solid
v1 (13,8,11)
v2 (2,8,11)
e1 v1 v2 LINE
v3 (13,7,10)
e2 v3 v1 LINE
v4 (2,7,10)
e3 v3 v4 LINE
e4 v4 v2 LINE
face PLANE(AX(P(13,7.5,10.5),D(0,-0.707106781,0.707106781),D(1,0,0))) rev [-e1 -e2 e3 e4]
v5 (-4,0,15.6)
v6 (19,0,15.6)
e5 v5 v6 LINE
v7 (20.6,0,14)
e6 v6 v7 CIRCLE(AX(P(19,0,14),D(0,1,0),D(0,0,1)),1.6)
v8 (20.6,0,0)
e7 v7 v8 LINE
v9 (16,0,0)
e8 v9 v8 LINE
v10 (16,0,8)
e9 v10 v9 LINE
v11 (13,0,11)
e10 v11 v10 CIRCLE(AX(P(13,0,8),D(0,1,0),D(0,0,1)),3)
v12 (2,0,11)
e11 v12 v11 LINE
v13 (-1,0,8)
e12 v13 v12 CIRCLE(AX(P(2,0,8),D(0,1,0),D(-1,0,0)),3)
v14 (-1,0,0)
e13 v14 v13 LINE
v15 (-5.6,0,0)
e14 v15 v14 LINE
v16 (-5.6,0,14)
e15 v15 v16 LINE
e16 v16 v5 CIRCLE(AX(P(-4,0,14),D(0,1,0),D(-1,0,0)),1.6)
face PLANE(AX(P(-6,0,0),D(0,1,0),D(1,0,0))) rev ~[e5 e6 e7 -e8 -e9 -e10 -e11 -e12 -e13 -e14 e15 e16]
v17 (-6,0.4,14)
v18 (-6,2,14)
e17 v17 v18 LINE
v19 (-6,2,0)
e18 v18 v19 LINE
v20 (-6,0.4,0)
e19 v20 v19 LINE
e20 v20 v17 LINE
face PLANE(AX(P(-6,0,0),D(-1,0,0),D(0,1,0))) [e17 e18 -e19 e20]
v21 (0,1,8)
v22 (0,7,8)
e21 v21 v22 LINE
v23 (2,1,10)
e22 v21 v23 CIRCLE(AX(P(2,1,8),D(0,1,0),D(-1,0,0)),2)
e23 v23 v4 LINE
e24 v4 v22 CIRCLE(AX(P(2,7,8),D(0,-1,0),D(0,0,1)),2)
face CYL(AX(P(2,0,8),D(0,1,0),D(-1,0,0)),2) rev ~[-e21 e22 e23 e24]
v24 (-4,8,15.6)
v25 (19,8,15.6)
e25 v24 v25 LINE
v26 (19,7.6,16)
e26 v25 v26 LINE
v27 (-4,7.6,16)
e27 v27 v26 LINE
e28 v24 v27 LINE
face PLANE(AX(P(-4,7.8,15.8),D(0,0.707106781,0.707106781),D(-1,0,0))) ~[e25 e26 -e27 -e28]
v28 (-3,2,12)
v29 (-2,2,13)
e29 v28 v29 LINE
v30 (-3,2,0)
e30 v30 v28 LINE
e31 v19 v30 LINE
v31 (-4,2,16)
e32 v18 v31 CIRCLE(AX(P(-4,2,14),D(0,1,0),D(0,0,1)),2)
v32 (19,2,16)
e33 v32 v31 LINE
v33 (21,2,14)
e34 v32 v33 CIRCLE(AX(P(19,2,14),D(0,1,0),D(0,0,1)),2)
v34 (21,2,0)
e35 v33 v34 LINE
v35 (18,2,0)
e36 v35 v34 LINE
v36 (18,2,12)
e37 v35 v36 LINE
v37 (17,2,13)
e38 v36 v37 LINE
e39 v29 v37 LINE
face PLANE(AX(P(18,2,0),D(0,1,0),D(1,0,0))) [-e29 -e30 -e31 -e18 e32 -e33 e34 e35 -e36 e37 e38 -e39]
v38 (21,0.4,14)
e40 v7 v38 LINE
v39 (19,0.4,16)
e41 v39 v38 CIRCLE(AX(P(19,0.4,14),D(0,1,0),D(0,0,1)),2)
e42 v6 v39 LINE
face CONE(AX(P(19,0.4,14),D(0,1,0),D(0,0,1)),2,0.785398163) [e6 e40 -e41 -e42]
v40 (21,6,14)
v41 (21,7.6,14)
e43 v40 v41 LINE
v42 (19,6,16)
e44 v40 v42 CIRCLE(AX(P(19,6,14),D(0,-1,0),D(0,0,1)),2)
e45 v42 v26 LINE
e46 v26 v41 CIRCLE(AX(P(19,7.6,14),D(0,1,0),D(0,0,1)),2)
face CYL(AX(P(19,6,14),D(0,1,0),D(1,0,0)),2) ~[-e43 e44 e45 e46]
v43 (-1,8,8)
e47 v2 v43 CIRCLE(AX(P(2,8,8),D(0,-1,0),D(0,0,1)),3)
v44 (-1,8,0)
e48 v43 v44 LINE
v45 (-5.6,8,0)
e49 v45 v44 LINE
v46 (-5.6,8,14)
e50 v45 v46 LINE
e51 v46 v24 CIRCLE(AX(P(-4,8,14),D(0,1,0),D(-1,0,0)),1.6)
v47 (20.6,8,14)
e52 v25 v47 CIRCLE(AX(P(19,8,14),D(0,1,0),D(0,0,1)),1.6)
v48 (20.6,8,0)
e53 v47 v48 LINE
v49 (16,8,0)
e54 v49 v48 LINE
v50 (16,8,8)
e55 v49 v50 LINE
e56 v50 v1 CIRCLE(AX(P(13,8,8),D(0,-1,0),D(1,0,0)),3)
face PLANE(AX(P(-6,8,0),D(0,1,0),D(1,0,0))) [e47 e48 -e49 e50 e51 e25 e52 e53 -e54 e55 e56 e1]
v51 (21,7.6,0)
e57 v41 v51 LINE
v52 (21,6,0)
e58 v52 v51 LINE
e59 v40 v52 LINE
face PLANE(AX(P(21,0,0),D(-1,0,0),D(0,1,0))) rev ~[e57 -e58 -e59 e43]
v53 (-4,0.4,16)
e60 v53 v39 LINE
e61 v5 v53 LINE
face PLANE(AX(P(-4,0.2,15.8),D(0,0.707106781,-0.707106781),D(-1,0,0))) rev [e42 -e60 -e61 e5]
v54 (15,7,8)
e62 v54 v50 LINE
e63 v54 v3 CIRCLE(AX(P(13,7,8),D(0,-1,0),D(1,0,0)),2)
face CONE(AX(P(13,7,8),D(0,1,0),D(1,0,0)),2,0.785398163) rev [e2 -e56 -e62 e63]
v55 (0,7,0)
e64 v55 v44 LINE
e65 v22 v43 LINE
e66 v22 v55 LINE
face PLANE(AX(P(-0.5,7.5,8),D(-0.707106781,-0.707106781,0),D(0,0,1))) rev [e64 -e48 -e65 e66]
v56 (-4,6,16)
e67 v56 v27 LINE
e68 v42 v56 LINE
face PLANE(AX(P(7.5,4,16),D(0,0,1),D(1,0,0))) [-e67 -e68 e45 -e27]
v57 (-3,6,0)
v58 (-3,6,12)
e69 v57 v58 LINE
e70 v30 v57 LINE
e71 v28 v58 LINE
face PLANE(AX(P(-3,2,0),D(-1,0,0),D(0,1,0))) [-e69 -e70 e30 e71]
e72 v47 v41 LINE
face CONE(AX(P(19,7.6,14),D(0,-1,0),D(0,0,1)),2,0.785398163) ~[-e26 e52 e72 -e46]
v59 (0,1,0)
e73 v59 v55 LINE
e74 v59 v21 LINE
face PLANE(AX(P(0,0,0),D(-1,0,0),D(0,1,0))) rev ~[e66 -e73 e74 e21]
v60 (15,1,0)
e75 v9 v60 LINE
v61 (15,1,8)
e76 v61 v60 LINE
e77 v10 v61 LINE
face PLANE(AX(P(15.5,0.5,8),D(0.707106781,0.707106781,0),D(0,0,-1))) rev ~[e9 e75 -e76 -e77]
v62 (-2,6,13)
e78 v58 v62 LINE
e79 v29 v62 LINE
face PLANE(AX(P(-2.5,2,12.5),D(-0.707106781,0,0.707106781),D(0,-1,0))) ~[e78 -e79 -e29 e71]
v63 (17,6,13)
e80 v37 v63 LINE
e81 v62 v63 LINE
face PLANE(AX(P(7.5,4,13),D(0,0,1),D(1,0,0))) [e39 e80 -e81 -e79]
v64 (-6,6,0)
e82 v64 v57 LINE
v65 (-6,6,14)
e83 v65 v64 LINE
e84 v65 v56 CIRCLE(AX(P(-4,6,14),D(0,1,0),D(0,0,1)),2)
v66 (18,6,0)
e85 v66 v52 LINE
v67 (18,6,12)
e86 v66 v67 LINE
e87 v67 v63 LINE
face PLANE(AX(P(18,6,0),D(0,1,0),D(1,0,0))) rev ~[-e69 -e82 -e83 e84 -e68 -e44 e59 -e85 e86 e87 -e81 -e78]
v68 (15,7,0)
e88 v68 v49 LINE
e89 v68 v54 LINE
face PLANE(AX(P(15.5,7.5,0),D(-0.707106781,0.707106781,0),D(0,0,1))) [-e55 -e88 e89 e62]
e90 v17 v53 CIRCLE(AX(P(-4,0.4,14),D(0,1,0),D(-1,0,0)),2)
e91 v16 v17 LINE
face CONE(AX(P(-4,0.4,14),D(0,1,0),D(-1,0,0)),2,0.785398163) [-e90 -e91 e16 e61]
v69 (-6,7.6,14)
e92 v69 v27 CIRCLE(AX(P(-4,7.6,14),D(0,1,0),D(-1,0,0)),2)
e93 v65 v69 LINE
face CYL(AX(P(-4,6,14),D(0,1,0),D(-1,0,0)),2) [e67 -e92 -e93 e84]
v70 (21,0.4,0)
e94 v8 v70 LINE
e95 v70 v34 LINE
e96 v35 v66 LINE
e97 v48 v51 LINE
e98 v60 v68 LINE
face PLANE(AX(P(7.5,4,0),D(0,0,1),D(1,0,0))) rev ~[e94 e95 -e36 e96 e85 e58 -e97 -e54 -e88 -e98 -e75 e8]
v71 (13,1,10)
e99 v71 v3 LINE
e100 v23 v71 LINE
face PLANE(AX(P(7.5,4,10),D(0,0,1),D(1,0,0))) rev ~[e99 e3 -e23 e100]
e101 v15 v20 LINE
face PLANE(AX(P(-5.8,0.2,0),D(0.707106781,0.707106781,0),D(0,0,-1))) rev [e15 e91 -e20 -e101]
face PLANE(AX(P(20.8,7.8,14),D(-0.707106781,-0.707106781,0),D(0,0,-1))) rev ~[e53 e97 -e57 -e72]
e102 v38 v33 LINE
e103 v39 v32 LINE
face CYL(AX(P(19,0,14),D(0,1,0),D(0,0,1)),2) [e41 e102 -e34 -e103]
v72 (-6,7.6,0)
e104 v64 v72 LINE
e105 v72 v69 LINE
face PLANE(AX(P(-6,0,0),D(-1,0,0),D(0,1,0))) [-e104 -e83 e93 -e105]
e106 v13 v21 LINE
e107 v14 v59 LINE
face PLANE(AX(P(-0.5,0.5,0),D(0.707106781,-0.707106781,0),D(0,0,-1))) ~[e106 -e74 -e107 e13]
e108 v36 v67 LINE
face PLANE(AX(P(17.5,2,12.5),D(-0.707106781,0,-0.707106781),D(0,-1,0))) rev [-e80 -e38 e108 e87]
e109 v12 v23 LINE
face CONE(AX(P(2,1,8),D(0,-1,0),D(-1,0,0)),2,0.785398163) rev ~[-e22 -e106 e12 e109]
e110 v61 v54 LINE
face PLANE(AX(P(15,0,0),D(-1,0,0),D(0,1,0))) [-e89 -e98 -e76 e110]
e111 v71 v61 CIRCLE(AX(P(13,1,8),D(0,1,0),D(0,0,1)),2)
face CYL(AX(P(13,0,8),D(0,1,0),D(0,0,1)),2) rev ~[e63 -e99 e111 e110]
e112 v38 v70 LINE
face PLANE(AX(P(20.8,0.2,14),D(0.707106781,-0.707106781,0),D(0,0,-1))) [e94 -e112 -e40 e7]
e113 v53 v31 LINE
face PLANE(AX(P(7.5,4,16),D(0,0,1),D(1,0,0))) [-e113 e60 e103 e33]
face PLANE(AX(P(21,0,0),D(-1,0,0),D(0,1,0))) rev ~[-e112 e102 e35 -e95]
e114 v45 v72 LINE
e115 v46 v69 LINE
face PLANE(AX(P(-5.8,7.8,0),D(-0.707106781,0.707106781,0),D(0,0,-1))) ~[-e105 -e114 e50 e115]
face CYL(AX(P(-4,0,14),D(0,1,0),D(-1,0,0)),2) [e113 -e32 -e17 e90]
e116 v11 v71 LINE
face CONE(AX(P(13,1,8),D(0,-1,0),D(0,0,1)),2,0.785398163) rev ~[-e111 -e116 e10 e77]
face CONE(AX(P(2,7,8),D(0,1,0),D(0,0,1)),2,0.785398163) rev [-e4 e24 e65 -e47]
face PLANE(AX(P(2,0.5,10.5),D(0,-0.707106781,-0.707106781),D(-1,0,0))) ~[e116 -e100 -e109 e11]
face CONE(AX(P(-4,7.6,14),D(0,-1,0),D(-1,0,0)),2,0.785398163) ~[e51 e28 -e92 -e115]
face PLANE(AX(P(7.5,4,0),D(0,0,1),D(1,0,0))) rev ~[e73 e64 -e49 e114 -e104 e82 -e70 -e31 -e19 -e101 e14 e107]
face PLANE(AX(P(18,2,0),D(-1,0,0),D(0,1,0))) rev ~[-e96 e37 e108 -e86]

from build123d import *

# Parameters (mm, degrees)
BOX004_W        = 21
BOX004_H        = 4
BOX004_DEPTH    = 10
BOX003_W        = 15
BOX003_H        = 4
BOX003_DEPTH    = 19
BOX_W           = 15
BOX_H           = 4
BOX_DEPTH       = 19
BOX002_W        = 15
BOX002_H        = 8
BOX002_DEPTH    = 10
BOX001_W        = 27
BOX001_H        = 8
BOX001_DEPTH    = 16
FILLET_R        = 2
FILLET001_R     = 2
CHAMFER_SIZE    = 1
CHAMFER001_SIZE = 1
CHAMFER002_SIZE = 0.4


with BuildPart() as cube004:
    # Box004 → Box004 (new body)
    with BuildSketch(Plane(origin=(-3, 2, 13), x_dir=(1, 0, 0), z_dir=(0, 0, 1))):
        with Locations((10.5, 2)):
            Rectangle(BOX004_W, BOX004_H)
    extrude(amount=BOX004_DEPTH)


with BuildPart() as cube003:
    # Box003 → Box003 (new body)
    with BuildSketch(Plane(origin=(18, 2, 0), x_dir=(1, 0, 0), z_dir=(0, 0, 1))):
        with Locations((7.5, 2)):
            Rectangle(BOX003_W, BOX003_H)
    extrude(amount=BOX003_DEPTH)


with BuildPart() as fusion:
    # Box → Box (new body)
    with BuildSketch(Plane(origin=(-18, 2, 0), x_dir=(1, 0, 0), z_dir=(0, 0, 1))):
        with Locations((7.5, 2)):
            Rectangle(BOX_W, BOX_H)
    extrude(amount=BOX_DEPTH)

    # Fusion: union Cube004, Cube003
    add(cube004.part)
    add(cube003.part)


with BuildPart() as cube002:
    # Box002 → Box002 (new body)
    with BuildSketch(Plane.XY):
        with Locations((7.5, 4)):
            Rectangle(BOX002_W, BOX002_H)
    extrude(amount=BOX002_DEPTH)


with BuildPart() as f_10x15_hole:
    # Box001 → Box001 (new body)
    with BuildSketch(Plane(origin=(-6, 0, 0), x_dir=(1, 0, 0), z_dir=(0, 0, 1))):
        with Locations((13.5, 4)):
            Rectangle(BOX001_W, BOX001_H)
    extrude(amount=BOX001_DEPTH)

    # Cut: cut Cube002
    add(cube002.part, mode=Mode.SUBTRACT)

    # Cut001: cut Fusion
    add(fusion.part, mode=Mode.SUBTRACT)

    # Fillet
    fillet_edges = [f_10x15_hole.edges().sort_by_distance(p)[0] for p in [
        (0, 4, 10),
        (15, 4, 10),
    ]]
    fillet(fillet_edges, radius=FILLET_R)

    # Fillet001
    fillet001_edges = [f_10x15_hole.edges().sort_by_distance(p)[0] for p in [
        (-6, 1, 16),
        (21, 1, 16),
        (-6, 7, 16),
        (21, 7, 16),
    ]]
    fillet(fillet001_edges, radius=FILLET001_R)

    # Chamfer
    chamfer_edges = [f_10x15_hole.edges().sort_by_distance(p)[0] for p in [
        (-3, 4, 13),
        (18, 4, 13),
    ]]
    chamfer(chamfer_edges, length=CHAMFER_SIZE)

    # Chamfer001
    chamfer001_edges = [f_10x15_hole.edges().sort_by_distance(p)[0] for p in [
        (15, 8, 4),
        (14.414214, 8, 9.414214),
        (7.5, 8, 10),
        (0.585786, 8, 9.414214),
        (0, 8, 4),
        (0, 0, 4),
        (15, 0, 4),
        (14.414214, 0, 9.414214),
        (7.5, 0, 10),
        (0.585786, 0, 9.414214),
    ]]
    chamfer(chamfer001_edges, length=CHAMFER001_SIZE)

    # Chamfer002
    chamfer002_edges = [f_10x15_hole.edges().sort_by_distance(p)[0] for p in [
        (-6, 8, 7),
        (-5.414214, 8, 15.414214),
        (7.5, 8, 16),
        (20.414214, 8, 15.414214),
        (21, 8, 7),
        (-6, 0, 7),
        (-5.414214, 0, 15.414214),
        (7.5, 0, 16),
        (20.414214, 0, 15.414214),
        (21, 0, 7),
    ]]
    chamfer(chamfer002_edges, length=CHAMFER002_SIZE)


solid = f_10x15_hole.part
